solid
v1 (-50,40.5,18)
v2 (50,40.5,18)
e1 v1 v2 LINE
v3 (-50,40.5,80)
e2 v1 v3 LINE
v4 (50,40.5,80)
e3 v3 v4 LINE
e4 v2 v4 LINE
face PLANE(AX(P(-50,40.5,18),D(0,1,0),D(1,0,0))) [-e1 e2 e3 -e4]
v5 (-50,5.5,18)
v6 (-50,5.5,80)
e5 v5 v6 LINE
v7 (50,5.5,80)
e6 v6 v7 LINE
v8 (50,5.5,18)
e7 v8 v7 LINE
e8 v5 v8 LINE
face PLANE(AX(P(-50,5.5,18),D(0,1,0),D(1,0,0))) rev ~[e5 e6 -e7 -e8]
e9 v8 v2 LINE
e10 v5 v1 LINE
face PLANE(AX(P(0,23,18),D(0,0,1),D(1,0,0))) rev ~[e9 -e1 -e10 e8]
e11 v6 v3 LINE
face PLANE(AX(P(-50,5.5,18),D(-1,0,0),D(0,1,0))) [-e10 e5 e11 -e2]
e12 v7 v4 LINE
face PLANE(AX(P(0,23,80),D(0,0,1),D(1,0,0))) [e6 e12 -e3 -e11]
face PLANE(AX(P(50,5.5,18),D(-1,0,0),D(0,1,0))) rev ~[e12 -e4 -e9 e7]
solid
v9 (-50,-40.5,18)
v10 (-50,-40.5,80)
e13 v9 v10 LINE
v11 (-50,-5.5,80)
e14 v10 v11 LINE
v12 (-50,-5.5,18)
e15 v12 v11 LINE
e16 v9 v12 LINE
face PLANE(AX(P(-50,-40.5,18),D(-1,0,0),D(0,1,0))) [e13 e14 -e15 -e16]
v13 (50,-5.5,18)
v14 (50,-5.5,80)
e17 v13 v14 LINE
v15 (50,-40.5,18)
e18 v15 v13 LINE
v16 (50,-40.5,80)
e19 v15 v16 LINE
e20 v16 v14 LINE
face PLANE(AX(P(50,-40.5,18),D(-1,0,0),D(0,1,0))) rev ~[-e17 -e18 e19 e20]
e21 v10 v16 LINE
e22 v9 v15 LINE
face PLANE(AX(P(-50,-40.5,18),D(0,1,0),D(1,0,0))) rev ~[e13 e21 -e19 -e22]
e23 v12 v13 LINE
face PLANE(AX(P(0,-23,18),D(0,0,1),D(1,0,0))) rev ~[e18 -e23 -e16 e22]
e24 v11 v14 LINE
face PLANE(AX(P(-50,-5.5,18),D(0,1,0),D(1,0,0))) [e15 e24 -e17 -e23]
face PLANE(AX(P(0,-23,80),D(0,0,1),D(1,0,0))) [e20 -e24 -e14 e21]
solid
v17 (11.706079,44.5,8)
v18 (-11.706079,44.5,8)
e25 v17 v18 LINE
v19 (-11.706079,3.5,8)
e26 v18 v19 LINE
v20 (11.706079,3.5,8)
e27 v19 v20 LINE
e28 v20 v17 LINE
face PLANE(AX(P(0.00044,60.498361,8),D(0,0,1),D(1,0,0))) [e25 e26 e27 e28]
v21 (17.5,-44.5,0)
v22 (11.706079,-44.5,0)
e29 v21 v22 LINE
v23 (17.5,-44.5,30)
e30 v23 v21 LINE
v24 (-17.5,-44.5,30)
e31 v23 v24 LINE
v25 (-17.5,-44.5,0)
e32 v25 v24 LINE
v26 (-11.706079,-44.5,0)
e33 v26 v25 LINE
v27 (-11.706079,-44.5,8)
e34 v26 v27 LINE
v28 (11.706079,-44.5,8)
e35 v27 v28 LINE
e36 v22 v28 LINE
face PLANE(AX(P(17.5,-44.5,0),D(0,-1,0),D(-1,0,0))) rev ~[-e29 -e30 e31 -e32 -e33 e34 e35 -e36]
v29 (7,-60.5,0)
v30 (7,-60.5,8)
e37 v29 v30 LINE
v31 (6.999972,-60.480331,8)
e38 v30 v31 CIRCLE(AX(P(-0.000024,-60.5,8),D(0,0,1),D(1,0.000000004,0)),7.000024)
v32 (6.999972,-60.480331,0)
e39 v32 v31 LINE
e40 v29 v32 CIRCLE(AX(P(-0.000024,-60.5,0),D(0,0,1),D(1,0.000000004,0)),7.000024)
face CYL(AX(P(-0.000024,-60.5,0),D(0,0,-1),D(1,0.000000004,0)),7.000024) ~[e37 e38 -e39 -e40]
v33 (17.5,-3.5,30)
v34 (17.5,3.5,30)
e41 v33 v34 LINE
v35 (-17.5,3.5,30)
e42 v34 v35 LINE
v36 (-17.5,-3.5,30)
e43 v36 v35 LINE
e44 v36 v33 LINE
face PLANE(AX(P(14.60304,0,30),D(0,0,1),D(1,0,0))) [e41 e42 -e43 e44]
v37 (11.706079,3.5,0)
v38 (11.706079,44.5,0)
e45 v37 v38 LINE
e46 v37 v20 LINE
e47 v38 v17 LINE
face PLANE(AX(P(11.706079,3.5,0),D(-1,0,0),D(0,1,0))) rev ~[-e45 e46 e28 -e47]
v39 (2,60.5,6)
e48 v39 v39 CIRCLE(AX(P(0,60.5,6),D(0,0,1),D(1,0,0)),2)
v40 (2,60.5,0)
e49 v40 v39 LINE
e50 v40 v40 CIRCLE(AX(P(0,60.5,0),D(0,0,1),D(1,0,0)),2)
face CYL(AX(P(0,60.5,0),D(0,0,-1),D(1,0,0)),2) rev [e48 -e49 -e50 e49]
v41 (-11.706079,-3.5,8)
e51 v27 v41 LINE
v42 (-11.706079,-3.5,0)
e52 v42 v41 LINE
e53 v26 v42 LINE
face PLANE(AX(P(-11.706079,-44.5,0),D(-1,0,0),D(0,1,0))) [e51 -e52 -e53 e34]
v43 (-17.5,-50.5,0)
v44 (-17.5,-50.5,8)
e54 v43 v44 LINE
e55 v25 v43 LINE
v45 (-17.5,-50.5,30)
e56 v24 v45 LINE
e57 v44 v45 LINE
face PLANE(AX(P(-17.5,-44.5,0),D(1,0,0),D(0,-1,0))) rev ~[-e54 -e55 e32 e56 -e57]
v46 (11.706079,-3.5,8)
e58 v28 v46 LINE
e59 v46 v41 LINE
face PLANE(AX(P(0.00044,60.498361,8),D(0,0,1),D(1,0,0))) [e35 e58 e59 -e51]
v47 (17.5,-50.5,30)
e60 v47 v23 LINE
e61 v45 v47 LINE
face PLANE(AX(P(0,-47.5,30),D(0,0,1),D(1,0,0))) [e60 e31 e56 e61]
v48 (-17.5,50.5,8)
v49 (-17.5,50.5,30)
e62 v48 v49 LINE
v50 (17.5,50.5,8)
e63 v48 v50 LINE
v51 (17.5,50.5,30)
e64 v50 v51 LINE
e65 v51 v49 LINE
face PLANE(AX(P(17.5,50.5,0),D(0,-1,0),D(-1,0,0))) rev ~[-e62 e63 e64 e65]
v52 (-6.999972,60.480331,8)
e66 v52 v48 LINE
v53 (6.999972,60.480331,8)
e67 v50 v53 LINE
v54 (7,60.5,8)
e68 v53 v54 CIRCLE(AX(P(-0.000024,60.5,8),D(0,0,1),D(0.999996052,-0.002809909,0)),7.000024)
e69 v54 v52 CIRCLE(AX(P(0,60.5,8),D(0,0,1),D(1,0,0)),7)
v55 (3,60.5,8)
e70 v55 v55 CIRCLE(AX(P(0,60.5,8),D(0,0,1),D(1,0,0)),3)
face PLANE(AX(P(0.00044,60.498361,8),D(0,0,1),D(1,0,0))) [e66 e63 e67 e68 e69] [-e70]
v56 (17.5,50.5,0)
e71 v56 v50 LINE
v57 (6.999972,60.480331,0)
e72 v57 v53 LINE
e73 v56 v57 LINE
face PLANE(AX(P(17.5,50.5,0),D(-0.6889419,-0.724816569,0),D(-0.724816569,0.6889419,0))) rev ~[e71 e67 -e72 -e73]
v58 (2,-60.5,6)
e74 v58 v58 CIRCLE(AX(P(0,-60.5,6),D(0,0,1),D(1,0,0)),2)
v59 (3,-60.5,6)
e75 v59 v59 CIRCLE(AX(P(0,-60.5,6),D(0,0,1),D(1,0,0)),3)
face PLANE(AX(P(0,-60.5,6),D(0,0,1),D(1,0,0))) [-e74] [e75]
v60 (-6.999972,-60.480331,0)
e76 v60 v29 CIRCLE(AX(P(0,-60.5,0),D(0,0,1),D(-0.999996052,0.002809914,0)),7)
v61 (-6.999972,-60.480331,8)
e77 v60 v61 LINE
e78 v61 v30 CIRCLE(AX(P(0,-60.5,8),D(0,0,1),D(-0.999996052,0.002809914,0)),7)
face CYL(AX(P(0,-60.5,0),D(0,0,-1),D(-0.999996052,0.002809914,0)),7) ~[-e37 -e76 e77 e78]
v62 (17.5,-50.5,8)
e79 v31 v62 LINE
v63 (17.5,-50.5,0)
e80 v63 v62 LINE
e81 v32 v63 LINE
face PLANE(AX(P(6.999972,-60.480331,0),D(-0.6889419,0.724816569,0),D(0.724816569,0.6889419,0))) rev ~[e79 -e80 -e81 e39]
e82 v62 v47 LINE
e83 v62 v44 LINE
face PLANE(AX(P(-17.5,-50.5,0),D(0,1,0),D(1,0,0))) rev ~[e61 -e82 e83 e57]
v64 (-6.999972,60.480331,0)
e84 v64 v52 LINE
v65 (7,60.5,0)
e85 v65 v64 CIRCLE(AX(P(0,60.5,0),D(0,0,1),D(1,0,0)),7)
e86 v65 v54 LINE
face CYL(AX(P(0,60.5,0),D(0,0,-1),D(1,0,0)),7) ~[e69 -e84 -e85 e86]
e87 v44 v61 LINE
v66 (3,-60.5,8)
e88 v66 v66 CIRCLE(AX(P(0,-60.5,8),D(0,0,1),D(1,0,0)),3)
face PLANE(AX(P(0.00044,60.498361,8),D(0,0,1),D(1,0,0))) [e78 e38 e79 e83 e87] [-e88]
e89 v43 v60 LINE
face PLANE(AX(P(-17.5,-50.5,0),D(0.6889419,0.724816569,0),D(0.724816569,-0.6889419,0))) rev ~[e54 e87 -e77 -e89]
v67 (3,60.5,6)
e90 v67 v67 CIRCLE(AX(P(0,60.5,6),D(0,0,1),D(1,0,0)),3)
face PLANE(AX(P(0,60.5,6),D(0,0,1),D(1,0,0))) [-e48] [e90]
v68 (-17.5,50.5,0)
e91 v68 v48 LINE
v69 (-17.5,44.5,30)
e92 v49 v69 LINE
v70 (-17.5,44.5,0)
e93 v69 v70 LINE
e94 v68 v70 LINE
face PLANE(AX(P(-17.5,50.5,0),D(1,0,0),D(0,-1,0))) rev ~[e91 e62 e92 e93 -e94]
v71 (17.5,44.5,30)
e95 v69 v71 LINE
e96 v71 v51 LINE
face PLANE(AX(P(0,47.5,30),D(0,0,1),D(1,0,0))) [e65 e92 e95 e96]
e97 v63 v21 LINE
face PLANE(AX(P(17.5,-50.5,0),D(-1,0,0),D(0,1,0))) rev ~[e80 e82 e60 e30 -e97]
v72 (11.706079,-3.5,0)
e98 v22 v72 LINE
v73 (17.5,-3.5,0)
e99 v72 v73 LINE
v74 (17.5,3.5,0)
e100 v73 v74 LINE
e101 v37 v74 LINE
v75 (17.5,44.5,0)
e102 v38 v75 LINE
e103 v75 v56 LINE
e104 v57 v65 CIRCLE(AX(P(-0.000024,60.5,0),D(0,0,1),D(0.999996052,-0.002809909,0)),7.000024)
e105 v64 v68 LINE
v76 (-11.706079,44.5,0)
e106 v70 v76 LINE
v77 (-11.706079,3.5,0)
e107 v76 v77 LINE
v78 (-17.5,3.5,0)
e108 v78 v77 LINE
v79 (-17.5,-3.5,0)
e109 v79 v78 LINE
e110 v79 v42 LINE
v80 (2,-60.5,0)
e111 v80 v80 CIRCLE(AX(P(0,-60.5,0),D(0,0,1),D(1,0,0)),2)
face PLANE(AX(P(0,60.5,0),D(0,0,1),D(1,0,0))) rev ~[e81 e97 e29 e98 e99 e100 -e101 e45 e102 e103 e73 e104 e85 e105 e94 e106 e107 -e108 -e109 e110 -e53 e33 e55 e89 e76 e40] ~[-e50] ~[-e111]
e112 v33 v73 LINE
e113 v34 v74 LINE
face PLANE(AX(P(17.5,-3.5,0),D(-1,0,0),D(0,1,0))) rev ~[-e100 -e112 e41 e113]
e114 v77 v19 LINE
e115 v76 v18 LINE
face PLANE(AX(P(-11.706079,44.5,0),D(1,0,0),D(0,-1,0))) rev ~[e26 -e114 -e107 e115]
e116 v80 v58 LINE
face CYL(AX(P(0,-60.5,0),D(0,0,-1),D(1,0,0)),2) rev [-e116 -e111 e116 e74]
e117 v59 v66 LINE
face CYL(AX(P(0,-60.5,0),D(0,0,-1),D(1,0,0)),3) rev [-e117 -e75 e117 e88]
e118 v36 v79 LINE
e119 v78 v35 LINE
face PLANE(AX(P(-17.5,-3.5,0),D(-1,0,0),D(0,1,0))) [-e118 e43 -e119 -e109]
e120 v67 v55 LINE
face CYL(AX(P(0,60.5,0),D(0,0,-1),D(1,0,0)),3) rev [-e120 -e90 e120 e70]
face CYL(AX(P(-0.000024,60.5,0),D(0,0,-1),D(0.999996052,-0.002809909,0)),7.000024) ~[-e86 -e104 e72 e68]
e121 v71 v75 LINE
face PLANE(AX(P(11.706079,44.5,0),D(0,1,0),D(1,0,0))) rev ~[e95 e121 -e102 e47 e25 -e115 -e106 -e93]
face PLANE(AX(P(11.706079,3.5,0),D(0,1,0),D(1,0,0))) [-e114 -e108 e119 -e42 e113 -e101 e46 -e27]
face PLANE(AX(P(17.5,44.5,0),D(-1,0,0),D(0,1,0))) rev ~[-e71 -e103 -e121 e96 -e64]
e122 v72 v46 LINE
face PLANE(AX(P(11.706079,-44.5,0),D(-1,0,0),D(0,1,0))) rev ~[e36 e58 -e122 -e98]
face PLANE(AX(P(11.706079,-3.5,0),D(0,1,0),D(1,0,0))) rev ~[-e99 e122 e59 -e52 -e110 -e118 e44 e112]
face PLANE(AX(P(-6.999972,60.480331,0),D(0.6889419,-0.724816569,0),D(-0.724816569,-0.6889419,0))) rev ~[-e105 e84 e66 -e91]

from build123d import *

# Parameters (mm, degrees)
F3_START = 18
F2_W     = 100
F2_H     = 35
F3_DEPTH = 62
F4_R     = 3
F4_W     = 23.4121587127
F4_H     = 41
F4_W_2   = 5.7939206436
F4_H_2   = 7
F5_DEPTH = 8
F6_DEPTH = 30
F4_R_2   = 2
F7_DEPTH = 6


with BuildPart() as f3:
    # F2 (on Top) → F3 (new body)
    with BuildSketch(Plane.XY.offset(F3_START)):
        with Locations((0, 23)):
            Rectangle(F2_W, F2_H)
    extrude(amount=F3_DEPTH)


with BuildPart() as f3b:
    # F2 (on Top) → F3, piece 2 (new body)
    with BuildSketch(Plane.XY.offset(F3_START)):
        with Locations((0, -23)):
            Rectangle(F2_W, F2_H)
    extrude(amount=F3_DEPTH)


with BuildPart() as f5:
    # F4 (on Top) → F5 (new body)
    with BuildSketch(Plane.XY):
        with BuildLine():
            ThreePointArc((-6.9999723653, 60.4803306038), (0, 53.5), (6.9999723653, 60.4803306038))
            ThreePointArc((6.9999723653, 60.4803306038), (6.9999930913, 60.4901652922), (7, 60.5))
            ThreePointArc((7, 60.5), (-0.0098347078, 67.4999930913), (-6.9999723653, 60.4803306038))
        make_face()
        with Locations((0, 60.5)):
            Circle(F4_R, mode=Mode.SUBTRACT)
        with BuildLine():
            Line((-17.5, 50.5), (17.5, 50.5))
            Line((17.5, 50.5), (6.9999723653, 60.4803306038))
            ThreePointArc((6.9999723653, 60.4803306038), (0, 53.5), (-6.9999723653, 60.4803306038))
            Line((-6.9999723653, 60.4803306038), (-17.5, 50.5))
        make_face()
        Polygon((-11.7060793564, 44.5), (11.7060793564, 44.5), (17.5, 44.5), (17.5, 50.5), (-17.5, 50.5), (-17.5, 44.5), align=None)
        with Locations((0, 24)):
            Rectangle(F4_W, F4_H)
        with Locations((14.6030396782, 0)):
            Rectangle(F4_W_2, F4_H_2)
        Rectangle(F4_W, F4_H_2)
        with Locations((-14.6030396782, 0)):
            Rectangle(F4_W_2, F4_H_2)
        with Locations((0, -24)):
            Rectangle(F4_W, F4_H)
        Polygon((17.5, -44.5), (11.7060793564, -44.5), (-11.7060793564, -44.5), (-17.5, -44.5), (-17.5, -50.5), (17.5, -50.5), align=None)
        with BuildLine():
            Line((6.9999723653, -60.4803306038), (17.5, -50.5))
            Line((17.5, -50.5), (-17.5, -50.5))
            Line((-17.5, -50.5), (-6.9999723653, -60.4803306038))
            ThreePointArc((-6.9999723653, -60.4803306038), (0, -53.5), (6.9999723653, -60.4803306038))
        make_face()
        with BuildLine():
            ThreePointArc((7, -60.5), (6.9999930913, -60.4901652922), (6.9999723653, -60.4803306038))
            ThreePointArc((6.9999723653, -60.4803306038), (0, -53.5), (-6.9999723653, -60.4803306038))
            ThreePointArc((-6.9999723653, -60.4803306038), (-0.0098347078, -67.4999930913), (7, -60.5))
        make_face()
        with Locations((0, -60.5)):
            Circle(F4_R, mode=Mode.SUBTRACT)
    extrude(amount=F5_DEPTH)

    # F4 (on Top) → F6 (join)
    with BuildSketch(Plane.XY):
        with Locations((14.6030396782, 0)):
            Rectangle(F4_W_2, F4_H_2)
        Rectangle(F4_W, F4_H_2)
        with Locations((-14.6030396782, 0)):
            Rectangle(F4_W_2, F4_H_2)
        Polygon((17.5, -44.5), (11.7060793564, -44.5), (-11.7060793564, -44.5), (-17.5, -44.5), (-17.5, -50.5), (17.5, -50.5), align=None)
        Polygon((-11.7060793564, 44.5), (11.7060793564, 44.5), (17.5, 44.5), (17.5, 50.5), (-17.5, 50.5), (-17.5, 44.5), align=None)
    extrude(amount=F6_DEPTH)

    # F4 (on Top) → F7 (join)
    with BuildSketch(Plane.XY):
        with Locations((0, 60.5)):
            Circle(F4_R)
        with Locations((0, 60.5)):
            Circle(F4_R_2, mode=Mode.SUBTRACT)
        with Locations((0, -60.5)):
            Circle(F4_R)
        with Locations((0, -60.5)):
            Circle(F4_R_2, mode=Mode.SUBTRACT)
    extrude(amount=F7_DEPTH)


solid = Compound([f3.part, f3b.part, f5.part])
